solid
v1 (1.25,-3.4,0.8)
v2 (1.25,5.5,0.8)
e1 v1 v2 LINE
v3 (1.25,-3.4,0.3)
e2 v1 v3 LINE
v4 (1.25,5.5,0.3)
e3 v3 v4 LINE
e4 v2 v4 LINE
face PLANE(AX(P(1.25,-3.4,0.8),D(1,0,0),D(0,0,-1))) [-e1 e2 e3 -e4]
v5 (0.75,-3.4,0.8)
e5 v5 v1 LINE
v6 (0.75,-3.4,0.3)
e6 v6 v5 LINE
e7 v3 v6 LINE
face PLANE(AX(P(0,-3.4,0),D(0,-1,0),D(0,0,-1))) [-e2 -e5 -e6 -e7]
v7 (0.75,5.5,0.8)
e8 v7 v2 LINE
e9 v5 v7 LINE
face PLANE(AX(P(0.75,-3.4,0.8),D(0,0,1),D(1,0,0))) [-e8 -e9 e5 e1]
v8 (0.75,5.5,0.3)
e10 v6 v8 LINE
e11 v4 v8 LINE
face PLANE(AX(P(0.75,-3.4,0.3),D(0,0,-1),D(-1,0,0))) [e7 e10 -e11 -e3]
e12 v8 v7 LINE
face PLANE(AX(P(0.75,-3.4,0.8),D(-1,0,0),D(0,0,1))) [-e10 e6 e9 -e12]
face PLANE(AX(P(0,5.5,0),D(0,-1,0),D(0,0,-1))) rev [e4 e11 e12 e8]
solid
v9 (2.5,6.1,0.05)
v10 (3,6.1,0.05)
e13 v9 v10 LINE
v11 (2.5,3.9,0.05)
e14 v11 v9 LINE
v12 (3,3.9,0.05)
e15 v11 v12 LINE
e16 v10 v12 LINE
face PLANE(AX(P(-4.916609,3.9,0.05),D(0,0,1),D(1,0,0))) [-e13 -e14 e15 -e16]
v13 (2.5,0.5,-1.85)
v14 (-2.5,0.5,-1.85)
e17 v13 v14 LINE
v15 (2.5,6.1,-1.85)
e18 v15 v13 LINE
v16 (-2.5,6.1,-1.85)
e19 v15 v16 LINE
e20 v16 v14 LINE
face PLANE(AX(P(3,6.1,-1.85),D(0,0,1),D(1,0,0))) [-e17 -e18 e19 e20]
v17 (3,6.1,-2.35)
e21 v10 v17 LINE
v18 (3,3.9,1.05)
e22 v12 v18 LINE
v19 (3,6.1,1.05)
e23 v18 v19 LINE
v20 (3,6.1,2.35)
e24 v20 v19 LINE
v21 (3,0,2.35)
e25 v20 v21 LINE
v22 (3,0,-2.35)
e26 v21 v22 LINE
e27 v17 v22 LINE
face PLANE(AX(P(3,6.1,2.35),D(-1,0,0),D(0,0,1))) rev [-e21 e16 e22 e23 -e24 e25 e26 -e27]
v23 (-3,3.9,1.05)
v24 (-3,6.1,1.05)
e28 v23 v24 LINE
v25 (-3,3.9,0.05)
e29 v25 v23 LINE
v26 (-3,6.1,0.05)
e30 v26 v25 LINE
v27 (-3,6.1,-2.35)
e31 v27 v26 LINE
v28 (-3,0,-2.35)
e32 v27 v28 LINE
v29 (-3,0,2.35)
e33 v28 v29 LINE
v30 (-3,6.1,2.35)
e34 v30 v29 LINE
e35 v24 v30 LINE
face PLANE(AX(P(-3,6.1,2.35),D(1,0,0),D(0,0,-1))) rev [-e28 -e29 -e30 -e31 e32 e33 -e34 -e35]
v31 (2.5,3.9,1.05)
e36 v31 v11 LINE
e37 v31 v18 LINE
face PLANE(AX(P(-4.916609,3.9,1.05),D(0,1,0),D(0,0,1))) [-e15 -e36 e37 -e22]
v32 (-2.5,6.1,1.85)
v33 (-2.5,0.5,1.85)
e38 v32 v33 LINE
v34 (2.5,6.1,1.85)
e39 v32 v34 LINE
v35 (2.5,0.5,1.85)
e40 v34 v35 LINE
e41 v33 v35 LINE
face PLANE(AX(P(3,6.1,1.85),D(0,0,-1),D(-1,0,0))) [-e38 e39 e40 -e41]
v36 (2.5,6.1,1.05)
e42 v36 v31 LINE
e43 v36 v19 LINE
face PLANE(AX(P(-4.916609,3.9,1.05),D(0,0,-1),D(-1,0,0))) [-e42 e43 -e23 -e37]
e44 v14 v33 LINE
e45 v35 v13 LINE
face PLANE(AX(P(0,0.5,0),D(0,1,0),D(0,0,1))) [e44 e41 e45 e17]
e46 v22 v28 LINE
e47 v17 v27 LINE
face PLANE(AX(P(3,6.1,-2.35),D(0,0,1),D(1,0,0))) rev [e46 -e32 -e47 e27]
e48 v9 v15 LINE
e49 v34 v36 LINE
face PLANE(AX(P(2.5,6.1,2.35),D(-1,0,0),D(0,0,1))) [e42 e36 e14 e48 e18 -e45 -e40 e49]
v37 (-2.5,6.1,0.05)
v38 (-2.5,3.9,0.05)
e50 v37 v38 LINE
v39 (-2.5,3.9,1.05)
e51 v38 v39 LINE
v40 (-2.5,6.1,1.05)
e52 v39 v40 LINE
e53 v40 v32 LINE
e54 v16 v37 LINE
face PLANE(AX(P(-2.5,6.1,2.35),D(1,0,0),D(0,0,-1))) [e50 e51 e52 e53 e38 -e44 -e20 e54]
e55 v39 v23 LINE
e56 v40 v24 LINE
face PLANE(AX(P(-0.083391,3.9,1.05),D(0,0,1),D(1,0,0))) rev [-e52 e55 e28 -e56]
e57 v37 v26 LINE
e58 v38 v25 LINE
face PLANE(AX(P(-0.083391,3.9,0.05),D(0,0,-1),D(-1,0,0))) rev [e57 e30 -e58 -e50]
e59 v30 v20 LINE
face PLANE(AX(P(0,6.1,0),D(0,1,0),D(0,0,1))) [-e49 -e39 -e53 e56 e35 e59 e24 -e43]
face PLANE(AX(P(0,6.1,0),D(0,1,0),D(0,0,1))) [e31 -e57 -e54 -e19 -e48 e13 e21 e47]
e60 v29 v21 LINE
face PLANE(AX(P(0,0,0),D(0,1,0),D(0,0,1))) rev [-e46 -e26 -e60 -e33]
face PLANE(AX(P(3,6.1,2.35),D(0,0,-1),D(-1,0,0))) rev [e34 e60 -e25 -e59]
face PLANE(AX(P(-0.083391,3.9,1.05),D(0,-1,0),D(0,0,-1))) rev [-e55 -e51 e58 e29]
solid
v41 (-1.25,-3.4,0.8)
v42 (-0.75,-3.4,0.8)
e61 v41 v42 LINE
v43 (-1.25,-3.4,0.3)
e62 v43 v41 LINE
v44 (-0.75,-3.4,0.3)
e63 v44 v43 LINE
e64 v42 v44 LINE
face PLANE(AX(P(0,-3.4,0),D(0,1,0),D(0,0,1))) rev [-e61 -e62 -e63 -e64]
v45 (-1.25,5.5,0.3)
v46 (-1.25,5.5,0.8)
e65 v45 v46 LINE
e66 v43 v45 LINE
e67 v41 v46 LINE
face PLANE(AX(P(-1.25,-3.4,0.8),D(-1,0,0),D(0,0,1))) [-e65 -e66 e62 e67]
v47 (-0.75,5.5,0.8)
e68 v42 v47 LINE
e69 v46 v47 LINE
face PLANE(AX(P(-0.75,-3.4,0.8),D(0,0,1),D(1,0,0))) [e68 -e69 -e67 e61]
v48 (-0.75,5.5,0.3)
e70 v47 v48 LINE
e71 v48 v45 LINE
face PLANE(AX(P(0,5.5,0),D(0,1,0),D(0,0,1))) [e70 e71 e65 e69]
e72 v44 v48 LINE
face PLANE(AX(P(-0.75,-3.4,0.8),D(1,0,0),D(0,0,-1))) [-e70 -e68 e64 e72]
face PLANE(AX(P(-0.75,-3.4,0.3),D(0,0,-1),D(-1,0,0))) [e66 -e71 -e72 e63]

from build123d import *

# Parameters (mm, degrees)
SKETCH1_W                  = 6
SKETCH1_H                  = 4.7
BOSS_EXTRUDE1_DEPTH        = 6.1
SHELL1_T                   = -0.5
SKETCH2_W                  = 0.5
SKETCH2_H                  = 0.5
BOSS_EXTRUDE2_DEPTH        = 5
BOSS_EXTRUDE2_DEPTH_BACK   = 3.9
BOSS_EXTRUDE2_2_DEPTH      = 5
BOSS_EXTRUDE2_2_DEPTH_BACK = 3.9
SKETCH3_W                  = 1
SKETCH3_H                  = 2.2
CUT_EXTRUDE1_DEPTH         = 5.5


with BuildPart() as part:
    # Sketch1 → Boss-Extrude1 (new body)
    with BuildSketch(Plane(origin=(0, 0, 0), x_dir=(1, 0, 0), z_dir=(0, 1, 0))):
        Rectangle(SKETCH1_W, SKETCH1_H)
    extrude(amount=BOSS_EXTRUDE1_DEPTH)

    # Shell1
    shell1_openings = [part.faces().sort_by_distance(p)[0] for p in [
        (0, 6.1, 0),
    ]]
    offset(amount=SHELL1_T, openings=shell1_openings, kind=Kind.INTERSECTION)

    # Sketch3 → Cut-Extrude1 (cut)
    with BuildSketch(Plane.ZY.offset(3)):
        with Locations((0.55, 5)):
            Rectangle(SKETCH3_W, SKETCH3_H)
    cut_extrude1 = extrude(amount=-CUT_EXTRUDE1_DEPTH, mode=Mode.SUBTRACT)

    # Mirror1: Cut-Extrude1 across plane
    add(cut_extrude1.mirror(Plane(origin=(0, 0, 0), x_dir=(0, 0, 1), z_dir=(1, 0, 0))), mode=Mode.SUBTRACT)


with BuildPart() as body_2:
    # Sketch2 → Boss-Extrude2 (new body, two sides)
    with BuildSketch(Plane(origin=(0, 0.5, 0), x_dir=(1, 0, 0), z_dir=(0, 1, 0))) as boss_extrude2_sk:
        with Locations((-1, -0.55)):
            Rectangle(SKETCH2_W, SKETCH2_H)
    extrude(amount=BOSS_EXTRUDE2_DEPTH)
    extrude(boss_extrude2_sk.sketch, amount=-BOSS_EXTRUDE2_DEPTH_BACK)


with BuildPart() as body_3:
    # Sketch2 → Boss-Extrude2 2 (new body, two sides)
    with BuildSketch(Plane(origin=(0, 0.5, 0), x_dir=(1, 0, 0), z_dir=(0, 1, 0))) as boss_extrude2_2_sk:
        with Locations((1, -0.55)):
            Rectangle(SKETCH2_W, SKETCH2_H)
    extrude(amount=BOSS_EXTRUDE2_2_DEPTH)
    extrude(boss_extrude2_2_sk.sketch, amount=-BOSS_EXTRUDE2_2_DEPTH_BACK)


solid = Compound([part.part, body_2.part, body_3.part])
